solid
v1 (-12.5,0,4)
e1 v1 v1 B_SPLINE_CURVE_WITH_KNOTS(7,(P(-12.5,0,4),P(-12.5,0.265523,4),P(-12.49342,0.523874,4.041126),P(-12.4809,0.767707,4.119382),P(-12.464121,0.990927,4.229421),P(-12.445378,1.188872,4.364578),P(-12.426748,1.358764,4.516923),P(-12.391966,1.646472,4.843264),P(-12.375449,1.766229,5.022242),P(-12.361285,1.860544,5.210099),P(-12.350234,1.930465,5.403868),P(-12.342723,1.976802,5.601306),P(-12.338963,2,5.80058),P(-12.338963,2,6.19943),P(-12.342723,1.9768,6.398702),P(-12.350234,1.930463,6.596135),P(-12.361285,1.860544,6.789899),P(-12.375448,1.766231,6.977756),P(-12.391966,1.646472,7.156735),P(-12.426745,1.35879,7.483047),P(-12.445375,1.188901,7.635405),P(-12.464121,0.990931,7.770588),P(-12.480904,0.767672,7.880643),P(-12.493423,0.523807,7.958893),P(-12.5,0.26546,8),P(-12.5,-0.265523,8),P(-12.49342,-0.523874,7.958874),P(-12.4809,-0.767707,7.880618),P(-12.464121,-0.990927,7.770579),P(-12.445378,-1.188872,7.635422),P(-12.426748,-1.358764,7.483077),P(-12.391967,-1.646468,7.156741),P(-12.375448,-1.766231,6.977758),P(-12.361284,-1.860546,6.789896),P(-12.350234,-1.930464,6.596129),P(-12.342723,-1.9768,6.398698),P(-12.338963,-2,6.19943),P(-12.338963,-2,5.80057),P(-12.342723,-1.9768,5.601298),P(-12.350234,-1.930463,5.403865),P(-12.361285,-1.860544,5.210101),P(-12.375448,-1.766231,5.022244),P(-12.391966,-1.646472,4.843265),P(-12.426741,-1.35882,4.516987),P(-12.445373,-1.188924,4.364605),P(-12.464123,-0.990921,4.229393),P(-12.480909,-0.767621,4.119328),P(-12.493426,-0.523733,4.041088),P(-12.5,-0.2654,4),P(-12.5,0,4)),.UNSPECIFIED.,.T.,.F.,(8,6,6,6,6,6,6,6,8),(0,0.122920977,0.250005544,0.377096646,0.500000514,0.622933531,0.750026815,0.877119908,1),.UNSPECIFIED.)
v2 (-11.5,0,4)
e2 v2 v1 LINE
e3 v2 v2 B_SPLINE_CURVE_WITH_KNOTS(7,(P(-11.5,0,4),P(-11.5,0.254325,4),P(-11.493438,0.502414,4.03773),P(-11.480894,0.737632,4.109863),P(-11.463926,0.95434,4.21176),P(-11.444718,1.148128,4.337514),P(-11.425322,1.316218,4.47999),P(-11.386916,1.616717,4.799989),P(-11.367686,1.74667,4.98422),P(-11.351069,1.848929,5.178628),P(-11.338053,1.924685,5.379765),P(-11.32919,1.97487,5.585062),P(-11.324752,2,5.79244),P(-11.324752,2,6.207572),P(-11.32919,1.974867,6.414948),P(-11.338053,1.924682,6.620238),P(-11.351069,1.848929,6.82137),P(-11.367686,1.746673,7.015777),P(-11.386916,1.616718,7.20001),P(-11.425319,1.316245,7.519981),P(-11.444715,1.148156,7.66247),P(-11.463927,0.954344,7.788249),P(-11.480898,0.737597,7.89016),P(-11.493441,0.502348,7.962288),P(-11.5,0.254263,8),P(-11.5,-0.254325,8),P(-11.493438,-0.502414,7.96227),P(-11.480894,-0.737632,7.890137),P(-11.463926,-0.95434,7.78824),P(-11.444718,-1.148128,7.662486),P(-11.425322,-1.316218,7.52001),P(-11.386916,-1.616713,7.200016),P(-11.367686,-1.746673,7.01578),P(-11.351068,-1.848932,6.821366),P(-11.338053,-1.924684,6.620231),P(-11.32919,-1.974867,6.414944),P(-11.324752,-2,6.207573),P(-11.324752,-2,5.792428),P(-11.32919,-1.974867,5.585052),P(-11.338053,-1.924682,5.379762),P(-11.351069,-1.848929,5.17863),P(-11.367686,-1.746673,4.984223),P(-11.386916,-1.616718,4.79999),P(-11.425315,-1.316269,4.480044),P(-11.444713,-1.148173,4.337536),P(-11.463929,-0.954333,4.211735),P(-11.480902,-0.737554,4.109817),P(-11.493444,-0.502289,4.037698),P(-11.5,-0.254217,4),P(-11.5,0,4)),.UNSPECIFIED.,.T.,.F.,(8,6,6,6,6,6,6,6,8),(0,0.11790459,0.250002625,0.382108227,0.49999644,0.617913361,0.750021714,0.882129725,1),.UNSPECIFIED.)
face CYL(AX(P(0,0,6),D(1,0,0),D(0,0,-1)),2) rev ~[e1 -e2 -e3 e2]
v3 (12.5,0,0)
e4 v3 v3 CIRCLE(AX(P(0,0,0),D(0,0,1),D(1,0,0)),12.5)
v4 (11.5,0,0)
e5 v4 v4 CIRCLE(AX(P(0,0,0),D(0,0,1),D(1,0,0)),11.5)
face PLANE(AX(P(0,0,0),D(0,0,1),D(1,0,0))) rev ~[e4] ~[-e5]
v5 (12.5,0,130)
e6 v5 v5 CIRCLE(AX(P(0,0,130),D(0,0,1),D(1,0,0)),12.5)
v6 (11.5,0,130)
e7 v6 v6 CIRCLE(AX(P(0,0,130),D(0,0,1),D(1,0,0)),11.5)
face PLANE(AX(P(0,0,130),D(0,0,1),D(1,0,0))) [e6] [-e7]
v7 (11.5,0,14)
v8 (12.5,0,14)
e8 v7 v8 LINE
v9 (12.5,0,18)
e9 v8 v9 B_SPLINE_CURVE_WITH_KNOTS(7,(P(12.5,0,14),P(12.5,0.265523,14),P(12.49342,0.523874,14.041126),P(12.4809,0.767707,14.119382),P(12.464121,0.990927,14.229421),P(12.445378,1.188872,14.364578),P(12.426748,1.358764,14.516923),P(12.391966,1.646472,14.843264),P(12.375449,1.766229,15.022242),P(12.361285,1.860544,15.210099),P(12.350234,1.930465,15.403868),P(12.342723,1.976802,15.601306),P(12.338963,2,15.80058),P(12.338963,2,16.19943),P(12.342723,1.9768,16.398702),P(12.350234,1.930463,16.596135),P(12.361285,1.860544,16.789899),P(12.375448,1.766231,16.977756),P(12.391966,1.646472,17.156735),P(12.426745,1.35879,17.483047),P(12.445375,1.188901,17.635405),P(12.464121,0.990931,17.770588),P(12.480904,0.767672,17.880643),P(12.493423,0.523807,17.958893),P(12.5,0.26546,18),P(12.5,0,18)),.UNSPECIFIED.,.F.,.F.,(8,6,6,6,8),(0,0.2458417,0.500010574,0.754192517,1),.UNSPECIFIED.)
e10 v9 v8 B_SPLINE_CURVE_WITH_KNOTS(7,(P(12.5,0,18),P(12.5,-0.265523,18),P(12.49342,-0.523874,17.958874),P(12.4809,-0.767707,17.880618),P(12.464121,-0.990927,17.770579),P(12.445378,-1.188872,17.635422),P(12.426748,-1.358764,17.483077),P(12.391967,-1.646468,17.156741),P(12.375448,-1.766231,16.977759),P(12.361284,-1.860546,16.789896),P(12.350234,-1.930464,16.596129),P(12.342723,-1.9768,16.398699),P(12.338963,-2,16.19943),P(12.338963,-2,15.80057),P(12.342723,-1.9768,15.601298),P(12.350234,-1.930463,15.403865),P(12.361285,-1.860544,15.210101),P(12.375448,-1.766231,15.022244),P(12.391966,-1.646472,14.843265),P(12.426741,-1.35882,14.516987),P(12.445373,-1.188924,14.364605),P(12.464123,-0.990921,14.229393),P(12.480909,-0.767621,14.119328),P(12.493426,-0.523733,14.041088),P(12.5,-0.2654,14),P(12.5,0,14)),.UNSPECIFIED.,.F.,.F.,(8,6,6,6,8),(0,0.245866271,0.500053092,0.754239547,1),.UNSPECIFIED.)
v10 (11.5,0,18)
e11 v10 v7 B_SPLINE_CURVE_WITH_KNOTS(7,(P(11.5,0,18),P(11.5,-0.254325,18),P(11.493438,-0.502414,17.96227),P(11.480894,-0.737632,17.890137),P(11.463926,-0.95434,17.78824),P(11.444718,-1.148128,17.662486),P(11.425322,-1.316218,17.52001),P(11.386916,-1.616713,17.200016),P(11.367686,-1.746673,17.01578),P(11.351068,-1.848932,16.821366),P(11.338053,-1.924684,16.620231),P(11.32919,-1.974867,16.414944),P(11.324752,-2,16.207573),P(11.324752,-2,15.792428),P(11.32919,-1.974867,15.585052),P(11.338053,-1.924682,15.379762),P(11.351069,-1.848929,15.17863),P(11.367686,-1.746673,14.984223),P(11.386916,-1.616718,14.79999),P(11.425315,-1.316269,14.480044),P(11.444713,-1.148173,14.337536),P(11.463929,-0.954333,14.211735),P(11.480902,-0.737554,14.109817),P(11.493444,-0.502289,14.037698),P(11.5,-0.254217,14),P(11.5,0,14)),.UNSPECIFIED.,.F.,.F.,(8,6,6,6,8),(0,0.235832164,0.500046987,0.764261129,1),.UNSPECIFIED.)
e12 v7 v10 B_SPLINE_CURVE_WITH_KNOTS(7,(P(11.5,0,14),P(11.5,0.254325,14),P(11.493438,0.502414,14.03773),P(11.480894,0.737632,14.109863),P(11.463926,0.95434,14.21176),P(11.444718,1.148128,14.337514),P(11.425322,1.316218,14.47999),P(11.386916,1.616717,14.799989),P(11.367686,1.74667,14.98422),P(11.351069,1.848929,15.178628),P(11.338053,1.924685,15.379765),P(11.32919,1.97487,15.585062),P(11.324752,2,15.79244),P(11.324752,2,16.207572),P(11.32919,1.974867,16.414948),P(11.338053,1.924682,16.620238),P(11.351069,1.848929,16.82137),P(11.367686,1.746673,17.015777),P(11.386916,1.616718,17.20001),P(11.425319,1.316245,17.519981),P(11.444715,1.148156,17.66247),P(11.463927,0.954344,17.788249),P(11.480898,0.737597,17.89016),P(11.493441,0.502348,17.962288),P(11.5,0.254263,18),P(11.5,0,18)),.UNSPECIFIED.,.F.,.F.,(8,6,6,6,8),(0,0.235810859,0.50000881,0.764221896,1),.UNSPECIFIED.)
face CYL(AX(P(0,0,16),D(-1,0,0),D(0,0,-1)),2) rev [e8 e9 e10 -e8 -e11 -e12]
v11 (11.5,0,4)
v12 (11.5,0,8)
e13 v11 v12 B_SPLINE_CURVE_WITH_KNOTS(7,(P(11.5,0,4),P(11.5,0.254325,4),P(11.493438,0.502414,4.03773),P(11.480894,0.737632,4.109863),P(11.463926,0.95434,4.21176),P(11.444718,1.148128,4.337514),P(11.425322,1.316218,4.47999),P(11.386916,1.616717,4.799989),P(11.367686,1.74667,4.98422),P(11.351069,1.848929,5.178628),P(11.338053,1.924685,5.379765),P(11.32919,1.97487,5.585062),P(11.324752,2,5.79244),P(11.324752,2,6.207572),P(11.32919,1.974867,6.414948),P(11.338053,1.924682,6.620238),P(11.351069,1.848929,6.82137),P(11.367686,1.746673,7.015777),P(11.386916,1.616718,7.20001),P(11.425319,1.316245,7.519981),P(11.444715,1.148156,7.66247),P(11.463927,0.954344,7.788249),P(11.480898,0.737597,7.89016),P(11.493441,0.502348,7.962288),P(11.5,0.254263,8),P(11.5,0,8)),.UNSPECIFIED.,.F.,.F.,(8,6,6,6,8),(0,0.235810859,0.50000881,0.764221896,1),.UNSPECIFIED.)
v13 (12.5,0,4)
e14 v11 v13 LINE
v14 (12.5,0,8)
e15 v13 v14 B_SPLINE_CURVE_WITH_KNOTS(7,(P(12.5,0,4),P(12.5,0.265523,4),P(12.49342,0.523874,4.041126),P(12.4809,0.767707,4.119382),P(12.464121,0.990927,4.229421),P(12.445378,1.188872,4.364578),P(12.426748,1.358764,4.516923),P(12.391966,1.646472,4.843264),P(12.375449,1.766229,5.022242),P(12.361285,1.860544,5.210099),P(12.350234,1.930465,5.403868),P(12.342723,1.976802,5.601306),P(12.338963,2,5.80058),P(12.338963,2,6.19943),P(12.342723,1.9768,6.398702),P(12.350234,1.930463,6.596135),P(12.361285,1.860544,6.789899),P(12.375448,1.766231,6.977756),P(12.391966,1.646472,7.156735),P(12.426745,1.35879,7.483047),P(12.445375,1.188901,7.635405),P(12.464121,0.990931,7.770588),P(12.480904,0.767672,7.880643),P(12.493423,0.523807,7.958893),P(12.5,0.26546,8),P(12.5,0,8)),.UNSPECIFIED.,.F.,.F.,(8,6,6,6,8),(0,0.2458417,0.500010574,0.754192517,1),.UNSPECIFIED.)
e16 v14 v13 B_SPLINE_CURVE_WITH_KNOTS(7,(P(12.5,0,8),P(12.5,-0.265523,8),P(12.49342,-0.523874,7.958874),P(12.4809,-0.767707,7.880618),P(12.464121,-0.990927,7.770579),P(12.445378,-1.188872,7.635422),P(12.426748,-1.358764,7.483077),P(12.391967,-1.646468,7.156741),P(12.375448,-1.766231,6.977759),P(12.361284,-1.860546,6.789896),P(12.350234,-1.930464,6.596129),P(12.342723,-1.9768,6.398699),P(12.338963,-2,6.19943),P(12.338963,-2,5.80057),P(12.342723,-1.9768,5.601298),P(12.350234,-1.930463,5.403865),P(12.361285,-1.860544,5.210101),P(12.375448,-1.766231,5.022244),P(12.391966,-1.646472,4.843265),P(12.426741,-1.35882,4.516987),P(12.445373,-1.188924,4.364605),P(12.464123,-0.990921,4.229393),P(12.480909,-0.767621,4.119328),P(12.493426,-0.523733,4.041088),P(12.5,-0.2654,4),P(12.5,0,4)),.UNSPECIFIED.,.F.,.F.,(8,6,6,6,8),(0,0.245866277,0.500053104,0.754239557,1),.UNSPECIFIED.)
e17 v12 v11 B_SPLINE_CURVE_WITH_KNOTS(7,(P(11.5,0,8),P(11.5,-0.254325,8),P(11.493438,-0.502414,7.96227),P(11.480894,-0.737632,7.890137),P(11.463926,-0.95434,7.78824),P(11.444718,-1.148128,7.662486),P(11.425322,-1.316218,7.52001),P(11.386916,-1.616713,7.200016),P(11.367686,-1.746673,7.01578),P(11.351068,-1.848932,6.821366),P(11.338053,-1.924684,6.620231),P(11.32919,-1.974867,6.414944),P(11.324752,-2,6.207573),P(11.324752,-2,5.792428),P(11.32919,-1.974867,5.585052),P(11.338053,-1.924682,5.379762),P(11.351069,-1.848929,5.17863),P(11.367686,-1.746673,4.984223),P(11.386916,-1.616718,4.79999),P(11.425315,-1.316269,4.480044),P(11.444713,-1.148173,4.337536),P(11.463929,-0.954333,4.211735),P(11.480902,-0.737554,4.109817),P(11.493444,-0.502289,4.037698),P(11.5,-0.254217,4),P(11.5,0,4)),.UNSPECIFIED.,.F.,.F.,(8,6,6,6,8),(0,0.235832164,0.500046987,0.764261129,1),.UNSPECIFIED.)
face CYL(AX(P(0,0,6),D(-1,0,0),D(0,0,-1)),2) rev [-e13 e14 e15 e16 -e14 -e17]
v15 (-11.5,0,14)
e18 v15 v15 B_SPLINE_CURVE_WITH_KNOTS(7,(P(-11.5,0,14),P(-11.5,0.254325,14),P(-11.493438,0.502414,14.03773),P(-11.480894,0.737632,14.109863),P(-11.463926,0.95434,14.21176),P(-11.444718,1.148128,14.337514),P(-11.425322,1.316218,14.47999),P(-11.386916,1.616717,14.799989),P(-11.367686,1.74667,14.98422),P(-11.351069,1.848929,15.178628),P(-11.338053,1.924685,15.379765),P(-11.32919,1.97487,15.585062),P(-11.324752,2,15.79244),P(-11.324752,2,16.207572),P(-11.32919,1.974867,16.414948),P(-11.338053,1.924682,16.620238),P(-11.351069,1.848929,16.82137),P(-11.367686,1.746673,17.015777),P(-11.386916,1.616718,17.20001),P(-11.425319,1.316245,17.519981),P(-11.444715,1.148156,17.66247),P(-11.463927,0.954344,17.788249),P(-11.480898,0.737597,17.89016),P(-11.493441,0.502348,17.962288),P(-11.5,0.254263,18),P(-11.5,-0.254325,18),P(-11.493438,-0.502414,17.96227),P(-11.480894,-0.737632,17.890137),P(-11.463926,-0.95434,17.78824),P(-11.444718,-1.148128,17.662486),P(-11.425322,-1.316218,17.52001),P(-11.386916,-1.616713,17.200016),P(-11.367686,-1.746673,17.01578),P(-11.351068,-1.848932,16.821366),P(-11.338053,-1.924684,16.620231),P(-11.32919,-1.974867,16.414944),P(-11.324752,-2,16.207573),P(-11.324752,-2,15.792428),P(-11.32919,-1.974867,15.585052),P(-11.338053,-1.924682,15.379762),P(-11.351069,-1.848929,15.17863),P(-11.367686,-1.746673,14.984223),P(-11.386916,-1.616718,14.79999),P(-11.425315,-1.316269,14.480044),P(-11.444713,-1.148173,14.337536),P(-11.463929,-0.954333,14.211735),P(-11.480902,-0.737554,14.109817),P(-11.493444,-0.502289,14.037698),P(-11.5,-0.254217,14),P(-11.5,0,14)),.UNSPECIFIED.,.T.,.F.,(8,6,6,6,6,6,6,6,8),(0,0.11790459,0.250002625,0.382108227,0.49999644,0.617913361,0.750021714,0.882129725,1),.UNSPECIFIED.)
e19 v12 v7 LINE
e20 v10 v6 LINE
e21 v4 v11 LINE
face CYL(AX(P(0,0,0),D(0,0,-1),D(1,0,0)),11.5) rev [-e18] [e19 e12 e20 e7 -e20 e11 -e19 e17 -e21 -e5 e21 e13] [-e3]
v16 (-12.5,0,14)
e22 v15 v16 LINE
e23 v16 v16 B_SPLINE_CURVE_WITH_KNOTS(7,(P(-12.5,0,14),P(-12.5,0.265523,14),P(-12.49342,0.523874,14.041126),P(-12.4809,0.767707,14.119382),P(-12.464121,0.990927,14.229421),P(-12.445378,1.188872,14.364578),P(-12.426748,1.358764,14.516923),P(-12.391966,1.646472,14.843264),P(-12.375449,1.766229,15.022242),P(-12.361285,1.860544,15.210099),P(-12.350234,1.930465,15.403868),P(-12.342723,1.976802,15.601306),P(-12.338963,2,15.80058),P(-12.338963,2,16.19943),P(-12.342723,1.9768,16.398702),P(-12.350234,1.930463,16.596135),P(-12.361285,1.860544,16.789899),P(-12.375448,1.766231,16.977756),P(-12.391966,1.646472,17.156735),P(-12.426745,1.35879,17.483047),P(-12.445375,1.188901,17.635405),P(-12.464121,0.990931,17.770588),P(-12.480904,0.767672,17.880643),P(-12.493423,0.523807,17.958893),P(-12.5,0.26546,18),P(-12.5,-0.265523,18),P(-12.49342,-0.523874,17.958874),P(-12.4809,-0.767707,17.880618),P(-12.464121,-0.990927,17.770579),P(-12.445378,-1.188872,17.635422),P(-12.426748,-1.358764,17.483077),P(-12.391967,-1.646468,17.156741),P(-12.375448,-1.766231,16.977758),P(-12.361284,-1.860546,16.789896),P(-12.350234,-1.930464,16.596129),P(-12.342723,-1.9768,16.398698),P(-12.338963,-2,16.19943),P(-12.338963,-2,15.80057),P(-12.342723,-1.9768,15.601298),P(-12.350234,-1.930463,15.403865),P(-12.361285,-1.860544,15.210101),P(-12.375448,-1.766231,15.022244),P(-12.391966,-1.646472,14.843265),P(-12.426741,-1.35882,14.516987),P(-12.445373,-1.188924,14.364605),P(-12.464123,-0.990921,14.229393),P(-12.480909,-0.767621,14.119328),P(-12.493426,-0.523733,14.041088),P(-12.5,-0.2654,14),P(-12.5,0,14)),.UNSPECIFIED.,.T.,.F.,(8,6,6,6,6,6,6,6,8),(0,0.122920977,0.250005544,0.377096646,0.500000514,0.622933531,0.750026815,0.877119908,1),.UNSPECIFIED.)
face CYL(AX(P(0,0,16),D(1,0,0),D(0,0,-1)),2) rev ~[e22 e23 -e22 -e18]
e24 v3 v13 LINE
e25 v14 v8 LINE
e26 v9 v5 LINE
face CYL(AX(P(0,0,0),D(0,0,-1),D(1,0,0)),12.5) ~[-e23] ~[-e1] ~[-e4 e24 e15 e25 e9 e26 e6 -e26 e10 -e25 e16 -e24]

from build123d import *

# Parameters (mm, degrees)
SKETCH1_R               = 12.5
SKETCH1_R_2             = 11.5
BOSS_EXTRUDE1_DEPTH     = 130
SKETCH2_R               = 2
CUT_EXTRUDE1_DEPTH      = 13.5
CUT_EXTRUDE1_DEPTH_BACK = 13.5


with BuildPart() as part:
    # Sketch1 → Boss-Extrude1 (new body)
    with BuildSketch(Plane.XY):
        Circle(SKETCH1_R)
        Circle(SKETCH1_R_2, mode=Mode.SUBTRACT)
    extrude(amount=BOSS_EXTRUDE1_DEPTH)

    # Sketch2 → Cut-Extrude1 (cut, two sides)
    with BuildSketch(Plane(origin=(0, 0, 0), x_dir=(0, 0, -1), z_dir=(1, 0, 0))) as cut_extrude1_sk:
        with Locations((-6, 0)):
            Circle(SKETCH2_R)
        with Locations((-16, 0)):
            Circle(SKETCH2_R)
    extrude(amount=CUT_EXTRUDE1_DEPTH, mode=Mode.SUBTRACT)
    extrude(cut_extrude1_sk.sketch, amount=-CUT_EXTRUDE1_DEPTH_BACK, mode=Mode.SUBTRACT)


solid = part.part
